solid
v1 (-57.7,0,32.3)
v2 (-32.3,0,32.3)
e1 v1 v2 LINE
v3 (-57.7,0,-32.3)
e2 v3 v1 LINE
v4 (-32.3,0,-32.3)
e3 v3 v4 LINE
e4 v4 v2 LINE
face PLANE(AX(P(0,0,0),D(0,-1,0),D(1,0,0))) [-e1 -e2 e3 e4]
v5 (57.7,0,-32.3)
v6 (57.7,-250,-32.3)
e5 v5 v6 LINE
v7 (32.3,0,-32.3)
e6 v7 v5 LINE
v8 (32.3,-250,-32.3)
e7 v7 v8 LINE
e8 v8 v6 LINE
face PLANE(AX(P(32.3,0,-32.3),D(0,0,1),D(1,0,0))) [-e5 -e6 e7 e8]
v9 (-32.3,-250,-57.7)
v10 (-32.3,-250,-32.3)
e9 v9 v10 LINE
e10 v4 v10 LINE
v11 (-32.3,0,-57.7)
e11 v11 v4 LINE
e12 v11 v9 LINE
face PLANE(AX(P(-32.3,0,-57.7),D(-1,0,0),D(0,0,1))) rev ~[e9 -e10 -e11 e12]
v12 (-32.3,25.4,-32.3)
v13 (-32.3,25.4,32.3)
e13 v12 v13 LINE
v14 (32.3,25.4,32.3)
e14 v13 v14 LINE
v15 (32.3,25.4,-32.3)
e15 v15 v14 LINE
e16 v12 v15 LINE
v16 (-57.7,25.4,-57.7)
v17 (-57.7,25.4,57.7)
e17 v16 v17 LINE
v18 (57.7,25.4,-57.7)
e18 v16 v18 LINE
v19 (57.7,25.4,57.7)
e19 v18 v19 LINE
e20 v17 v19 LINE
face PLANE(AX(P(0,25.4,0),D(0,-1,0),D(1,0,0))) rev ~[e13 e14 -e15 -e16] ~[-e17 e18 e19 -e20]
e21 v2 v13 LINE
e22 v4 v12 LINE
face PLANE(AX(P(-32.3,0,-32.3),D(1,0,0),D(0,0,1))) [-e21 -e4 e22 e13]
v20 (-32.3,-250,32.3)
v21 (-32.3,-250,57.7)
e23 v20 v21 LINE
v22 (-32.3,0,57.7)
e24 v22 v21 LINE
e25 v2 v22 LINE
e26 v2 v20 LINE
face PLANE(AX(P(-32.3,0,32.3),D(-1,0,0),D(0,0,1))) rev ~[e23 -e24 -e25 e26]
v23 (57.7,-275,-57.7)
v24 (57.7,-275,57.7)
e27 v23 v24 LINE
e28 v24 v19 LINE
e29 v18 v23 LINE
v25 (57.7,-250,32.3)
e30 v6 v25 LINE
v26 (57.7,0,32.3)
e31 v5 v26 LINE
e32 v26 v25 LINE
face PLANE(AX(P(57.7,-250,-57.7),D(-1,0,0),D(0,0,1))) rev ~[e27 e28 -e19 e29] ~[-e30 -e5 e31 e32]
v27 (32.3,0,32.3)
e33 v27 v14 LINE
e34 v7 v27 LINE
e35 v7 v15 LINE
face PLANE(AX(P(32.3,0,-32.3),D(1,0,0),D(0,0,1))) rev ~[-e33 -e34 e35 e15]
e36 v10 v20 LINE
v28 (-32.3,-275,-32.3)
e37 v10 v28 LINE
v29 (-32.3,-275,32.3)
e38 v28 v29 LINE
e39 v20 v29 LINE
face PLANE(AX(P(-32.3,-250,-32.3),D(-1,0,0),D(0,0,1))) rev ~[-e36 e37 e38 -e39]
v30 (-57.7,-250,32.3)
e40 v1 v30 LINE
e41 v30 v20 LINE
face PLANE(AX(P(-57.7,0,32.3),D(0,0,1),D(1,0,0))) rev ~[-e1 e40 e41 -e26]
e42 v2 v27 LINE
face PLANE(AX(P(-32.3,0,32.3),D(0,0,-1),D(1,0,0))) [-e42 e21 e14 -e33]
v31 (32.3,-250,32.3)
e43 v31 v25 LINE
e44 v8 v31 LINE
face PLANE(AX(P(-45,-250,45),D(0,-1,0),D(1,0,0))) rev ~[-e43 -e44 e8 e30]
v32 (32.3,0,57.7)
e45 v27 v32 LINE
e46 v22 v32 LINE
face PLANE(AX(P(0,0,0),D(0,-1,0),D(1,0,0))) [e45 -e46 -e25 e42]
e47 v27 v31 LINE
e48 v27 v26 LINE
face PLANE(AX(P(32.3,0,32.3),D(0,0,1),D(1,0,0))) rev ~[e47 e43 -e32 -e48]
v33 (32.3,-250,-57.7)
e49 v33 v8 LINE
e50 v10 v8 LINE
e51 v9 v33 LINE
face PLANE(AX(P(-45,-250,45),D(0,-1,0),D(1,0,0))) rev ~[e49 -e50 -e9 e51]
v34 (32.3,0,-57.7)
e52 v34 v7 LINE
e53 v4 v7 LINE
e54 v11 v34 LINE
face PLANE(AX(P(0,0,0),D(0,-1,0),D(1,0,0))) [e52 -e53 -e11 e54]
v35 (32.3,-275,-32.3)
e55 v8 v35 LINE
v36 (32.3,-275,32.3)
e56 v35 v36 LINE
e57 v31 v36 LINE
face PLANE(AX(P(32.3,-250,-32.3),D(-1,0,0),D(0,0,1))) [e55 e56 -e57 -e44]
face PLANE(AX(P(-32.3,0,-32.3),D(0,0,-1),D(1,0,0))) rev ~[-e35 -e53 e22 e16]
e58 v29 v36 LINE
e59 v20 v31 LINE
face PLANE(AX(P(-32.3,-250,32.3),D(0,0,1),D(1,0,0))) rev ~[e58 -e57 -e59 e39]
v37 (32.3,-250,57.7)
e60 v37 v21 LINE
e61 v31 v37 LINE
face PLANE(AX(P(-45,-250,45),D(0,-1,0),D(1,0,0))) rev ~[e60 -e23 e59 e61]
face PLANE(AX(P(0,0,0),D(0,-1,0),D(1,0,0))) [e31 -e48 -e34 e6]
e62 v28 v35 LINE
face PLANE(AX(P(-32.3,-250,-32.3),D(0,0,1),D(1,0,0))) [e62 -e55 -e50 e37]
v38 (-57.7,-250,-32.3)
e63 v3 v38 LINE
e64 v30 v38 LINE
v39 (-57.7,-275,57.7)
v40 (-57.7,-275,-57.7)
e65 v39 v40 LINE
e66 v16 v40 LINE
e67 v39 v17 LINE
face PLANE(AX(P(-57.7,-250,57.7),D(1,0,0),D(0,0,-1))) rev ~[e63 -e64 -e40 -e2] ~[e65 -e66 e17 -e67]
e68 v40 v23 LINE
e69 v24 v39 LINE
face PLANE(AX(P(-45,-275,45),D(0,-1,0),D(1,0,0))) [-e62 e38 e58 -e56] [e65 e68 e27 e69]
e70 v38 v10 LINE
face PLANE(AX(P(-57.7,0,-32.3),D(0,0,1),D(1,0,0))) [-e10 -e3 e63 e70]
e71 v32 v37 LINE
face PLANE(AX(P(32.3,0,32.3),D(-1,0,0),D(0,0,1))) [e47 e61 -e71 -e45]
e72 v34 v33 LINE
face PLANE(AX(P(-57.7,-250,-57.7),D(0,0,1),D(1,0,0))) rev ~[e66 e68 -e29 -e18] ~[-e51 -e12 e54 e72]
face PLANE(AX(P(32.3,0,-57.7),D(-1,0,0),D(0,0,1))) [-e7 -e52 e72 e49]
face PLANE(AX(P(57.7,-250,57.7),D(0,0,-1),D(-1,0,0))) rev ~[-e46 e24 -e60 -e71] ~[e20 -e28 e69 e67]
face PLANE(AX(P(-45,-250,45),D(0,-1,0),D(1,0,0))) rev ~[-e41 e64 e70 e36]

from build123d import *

# Parameters (mm, degrees)
F1_W     = 115.4
F1_H     = 115.4
F1_W_2   = 64.6
F1_H_2   = 64.6
F2_DEPTH = 25.4
F0_W     = 25.4
F0_H     = 25.4
F3_DEPTH = 250
F4_W     = 25.4
F4_H     = 25.4
F4_W_2   = 64.6
F4_H_2   = 64.6
F5_DEPTH = 25


with BuildPart() as f2:
    # F1 (on Front) → F2 (new body)
    with BuildSketch(Plane.XZ):
        Rectangle(F1_W, F1_H)
        Rectangle(F1_W_2, F1_H_2, mode=Mode.SUBTRACT)
    extrude(amount=-F2_DEPTH)

    # F0 (on Front) → F3 (join)
    with BuildSketch(Plane.XZ):
        with Locations((45, 45)):
            Rectangle(F0_W, F0_H)
        with Locations((-45, 45)):
            Rectangle(F0_W, F0_H)
        with Locations((-45, -45)):
            Rectangle(F0_W, F0_H)
        with Locations((45, -45)):
            Rectangle(F0_W, F0_H)
    extrude(amount=F3_DEPTH)

    # F4 (on face) → F5 (join)
    with BuildSketch(Plane.XZ.offset(250)):
        with Locations((-45, 45)):
            Rectangle(F4_W, F4_H)
        Polygon((57.7, 57.7), (-32.3, 57.7), (-32.3, 32.3), (-57.7, 32.3), (-57.7, -57.7), (57.7, -57.7), align=None)
        Rectangle(F4_W_2, F4_H_2, mode=Mode.SUBTRACT)
    extrude(amount=F5_DEPTH)


solid = f2.part
